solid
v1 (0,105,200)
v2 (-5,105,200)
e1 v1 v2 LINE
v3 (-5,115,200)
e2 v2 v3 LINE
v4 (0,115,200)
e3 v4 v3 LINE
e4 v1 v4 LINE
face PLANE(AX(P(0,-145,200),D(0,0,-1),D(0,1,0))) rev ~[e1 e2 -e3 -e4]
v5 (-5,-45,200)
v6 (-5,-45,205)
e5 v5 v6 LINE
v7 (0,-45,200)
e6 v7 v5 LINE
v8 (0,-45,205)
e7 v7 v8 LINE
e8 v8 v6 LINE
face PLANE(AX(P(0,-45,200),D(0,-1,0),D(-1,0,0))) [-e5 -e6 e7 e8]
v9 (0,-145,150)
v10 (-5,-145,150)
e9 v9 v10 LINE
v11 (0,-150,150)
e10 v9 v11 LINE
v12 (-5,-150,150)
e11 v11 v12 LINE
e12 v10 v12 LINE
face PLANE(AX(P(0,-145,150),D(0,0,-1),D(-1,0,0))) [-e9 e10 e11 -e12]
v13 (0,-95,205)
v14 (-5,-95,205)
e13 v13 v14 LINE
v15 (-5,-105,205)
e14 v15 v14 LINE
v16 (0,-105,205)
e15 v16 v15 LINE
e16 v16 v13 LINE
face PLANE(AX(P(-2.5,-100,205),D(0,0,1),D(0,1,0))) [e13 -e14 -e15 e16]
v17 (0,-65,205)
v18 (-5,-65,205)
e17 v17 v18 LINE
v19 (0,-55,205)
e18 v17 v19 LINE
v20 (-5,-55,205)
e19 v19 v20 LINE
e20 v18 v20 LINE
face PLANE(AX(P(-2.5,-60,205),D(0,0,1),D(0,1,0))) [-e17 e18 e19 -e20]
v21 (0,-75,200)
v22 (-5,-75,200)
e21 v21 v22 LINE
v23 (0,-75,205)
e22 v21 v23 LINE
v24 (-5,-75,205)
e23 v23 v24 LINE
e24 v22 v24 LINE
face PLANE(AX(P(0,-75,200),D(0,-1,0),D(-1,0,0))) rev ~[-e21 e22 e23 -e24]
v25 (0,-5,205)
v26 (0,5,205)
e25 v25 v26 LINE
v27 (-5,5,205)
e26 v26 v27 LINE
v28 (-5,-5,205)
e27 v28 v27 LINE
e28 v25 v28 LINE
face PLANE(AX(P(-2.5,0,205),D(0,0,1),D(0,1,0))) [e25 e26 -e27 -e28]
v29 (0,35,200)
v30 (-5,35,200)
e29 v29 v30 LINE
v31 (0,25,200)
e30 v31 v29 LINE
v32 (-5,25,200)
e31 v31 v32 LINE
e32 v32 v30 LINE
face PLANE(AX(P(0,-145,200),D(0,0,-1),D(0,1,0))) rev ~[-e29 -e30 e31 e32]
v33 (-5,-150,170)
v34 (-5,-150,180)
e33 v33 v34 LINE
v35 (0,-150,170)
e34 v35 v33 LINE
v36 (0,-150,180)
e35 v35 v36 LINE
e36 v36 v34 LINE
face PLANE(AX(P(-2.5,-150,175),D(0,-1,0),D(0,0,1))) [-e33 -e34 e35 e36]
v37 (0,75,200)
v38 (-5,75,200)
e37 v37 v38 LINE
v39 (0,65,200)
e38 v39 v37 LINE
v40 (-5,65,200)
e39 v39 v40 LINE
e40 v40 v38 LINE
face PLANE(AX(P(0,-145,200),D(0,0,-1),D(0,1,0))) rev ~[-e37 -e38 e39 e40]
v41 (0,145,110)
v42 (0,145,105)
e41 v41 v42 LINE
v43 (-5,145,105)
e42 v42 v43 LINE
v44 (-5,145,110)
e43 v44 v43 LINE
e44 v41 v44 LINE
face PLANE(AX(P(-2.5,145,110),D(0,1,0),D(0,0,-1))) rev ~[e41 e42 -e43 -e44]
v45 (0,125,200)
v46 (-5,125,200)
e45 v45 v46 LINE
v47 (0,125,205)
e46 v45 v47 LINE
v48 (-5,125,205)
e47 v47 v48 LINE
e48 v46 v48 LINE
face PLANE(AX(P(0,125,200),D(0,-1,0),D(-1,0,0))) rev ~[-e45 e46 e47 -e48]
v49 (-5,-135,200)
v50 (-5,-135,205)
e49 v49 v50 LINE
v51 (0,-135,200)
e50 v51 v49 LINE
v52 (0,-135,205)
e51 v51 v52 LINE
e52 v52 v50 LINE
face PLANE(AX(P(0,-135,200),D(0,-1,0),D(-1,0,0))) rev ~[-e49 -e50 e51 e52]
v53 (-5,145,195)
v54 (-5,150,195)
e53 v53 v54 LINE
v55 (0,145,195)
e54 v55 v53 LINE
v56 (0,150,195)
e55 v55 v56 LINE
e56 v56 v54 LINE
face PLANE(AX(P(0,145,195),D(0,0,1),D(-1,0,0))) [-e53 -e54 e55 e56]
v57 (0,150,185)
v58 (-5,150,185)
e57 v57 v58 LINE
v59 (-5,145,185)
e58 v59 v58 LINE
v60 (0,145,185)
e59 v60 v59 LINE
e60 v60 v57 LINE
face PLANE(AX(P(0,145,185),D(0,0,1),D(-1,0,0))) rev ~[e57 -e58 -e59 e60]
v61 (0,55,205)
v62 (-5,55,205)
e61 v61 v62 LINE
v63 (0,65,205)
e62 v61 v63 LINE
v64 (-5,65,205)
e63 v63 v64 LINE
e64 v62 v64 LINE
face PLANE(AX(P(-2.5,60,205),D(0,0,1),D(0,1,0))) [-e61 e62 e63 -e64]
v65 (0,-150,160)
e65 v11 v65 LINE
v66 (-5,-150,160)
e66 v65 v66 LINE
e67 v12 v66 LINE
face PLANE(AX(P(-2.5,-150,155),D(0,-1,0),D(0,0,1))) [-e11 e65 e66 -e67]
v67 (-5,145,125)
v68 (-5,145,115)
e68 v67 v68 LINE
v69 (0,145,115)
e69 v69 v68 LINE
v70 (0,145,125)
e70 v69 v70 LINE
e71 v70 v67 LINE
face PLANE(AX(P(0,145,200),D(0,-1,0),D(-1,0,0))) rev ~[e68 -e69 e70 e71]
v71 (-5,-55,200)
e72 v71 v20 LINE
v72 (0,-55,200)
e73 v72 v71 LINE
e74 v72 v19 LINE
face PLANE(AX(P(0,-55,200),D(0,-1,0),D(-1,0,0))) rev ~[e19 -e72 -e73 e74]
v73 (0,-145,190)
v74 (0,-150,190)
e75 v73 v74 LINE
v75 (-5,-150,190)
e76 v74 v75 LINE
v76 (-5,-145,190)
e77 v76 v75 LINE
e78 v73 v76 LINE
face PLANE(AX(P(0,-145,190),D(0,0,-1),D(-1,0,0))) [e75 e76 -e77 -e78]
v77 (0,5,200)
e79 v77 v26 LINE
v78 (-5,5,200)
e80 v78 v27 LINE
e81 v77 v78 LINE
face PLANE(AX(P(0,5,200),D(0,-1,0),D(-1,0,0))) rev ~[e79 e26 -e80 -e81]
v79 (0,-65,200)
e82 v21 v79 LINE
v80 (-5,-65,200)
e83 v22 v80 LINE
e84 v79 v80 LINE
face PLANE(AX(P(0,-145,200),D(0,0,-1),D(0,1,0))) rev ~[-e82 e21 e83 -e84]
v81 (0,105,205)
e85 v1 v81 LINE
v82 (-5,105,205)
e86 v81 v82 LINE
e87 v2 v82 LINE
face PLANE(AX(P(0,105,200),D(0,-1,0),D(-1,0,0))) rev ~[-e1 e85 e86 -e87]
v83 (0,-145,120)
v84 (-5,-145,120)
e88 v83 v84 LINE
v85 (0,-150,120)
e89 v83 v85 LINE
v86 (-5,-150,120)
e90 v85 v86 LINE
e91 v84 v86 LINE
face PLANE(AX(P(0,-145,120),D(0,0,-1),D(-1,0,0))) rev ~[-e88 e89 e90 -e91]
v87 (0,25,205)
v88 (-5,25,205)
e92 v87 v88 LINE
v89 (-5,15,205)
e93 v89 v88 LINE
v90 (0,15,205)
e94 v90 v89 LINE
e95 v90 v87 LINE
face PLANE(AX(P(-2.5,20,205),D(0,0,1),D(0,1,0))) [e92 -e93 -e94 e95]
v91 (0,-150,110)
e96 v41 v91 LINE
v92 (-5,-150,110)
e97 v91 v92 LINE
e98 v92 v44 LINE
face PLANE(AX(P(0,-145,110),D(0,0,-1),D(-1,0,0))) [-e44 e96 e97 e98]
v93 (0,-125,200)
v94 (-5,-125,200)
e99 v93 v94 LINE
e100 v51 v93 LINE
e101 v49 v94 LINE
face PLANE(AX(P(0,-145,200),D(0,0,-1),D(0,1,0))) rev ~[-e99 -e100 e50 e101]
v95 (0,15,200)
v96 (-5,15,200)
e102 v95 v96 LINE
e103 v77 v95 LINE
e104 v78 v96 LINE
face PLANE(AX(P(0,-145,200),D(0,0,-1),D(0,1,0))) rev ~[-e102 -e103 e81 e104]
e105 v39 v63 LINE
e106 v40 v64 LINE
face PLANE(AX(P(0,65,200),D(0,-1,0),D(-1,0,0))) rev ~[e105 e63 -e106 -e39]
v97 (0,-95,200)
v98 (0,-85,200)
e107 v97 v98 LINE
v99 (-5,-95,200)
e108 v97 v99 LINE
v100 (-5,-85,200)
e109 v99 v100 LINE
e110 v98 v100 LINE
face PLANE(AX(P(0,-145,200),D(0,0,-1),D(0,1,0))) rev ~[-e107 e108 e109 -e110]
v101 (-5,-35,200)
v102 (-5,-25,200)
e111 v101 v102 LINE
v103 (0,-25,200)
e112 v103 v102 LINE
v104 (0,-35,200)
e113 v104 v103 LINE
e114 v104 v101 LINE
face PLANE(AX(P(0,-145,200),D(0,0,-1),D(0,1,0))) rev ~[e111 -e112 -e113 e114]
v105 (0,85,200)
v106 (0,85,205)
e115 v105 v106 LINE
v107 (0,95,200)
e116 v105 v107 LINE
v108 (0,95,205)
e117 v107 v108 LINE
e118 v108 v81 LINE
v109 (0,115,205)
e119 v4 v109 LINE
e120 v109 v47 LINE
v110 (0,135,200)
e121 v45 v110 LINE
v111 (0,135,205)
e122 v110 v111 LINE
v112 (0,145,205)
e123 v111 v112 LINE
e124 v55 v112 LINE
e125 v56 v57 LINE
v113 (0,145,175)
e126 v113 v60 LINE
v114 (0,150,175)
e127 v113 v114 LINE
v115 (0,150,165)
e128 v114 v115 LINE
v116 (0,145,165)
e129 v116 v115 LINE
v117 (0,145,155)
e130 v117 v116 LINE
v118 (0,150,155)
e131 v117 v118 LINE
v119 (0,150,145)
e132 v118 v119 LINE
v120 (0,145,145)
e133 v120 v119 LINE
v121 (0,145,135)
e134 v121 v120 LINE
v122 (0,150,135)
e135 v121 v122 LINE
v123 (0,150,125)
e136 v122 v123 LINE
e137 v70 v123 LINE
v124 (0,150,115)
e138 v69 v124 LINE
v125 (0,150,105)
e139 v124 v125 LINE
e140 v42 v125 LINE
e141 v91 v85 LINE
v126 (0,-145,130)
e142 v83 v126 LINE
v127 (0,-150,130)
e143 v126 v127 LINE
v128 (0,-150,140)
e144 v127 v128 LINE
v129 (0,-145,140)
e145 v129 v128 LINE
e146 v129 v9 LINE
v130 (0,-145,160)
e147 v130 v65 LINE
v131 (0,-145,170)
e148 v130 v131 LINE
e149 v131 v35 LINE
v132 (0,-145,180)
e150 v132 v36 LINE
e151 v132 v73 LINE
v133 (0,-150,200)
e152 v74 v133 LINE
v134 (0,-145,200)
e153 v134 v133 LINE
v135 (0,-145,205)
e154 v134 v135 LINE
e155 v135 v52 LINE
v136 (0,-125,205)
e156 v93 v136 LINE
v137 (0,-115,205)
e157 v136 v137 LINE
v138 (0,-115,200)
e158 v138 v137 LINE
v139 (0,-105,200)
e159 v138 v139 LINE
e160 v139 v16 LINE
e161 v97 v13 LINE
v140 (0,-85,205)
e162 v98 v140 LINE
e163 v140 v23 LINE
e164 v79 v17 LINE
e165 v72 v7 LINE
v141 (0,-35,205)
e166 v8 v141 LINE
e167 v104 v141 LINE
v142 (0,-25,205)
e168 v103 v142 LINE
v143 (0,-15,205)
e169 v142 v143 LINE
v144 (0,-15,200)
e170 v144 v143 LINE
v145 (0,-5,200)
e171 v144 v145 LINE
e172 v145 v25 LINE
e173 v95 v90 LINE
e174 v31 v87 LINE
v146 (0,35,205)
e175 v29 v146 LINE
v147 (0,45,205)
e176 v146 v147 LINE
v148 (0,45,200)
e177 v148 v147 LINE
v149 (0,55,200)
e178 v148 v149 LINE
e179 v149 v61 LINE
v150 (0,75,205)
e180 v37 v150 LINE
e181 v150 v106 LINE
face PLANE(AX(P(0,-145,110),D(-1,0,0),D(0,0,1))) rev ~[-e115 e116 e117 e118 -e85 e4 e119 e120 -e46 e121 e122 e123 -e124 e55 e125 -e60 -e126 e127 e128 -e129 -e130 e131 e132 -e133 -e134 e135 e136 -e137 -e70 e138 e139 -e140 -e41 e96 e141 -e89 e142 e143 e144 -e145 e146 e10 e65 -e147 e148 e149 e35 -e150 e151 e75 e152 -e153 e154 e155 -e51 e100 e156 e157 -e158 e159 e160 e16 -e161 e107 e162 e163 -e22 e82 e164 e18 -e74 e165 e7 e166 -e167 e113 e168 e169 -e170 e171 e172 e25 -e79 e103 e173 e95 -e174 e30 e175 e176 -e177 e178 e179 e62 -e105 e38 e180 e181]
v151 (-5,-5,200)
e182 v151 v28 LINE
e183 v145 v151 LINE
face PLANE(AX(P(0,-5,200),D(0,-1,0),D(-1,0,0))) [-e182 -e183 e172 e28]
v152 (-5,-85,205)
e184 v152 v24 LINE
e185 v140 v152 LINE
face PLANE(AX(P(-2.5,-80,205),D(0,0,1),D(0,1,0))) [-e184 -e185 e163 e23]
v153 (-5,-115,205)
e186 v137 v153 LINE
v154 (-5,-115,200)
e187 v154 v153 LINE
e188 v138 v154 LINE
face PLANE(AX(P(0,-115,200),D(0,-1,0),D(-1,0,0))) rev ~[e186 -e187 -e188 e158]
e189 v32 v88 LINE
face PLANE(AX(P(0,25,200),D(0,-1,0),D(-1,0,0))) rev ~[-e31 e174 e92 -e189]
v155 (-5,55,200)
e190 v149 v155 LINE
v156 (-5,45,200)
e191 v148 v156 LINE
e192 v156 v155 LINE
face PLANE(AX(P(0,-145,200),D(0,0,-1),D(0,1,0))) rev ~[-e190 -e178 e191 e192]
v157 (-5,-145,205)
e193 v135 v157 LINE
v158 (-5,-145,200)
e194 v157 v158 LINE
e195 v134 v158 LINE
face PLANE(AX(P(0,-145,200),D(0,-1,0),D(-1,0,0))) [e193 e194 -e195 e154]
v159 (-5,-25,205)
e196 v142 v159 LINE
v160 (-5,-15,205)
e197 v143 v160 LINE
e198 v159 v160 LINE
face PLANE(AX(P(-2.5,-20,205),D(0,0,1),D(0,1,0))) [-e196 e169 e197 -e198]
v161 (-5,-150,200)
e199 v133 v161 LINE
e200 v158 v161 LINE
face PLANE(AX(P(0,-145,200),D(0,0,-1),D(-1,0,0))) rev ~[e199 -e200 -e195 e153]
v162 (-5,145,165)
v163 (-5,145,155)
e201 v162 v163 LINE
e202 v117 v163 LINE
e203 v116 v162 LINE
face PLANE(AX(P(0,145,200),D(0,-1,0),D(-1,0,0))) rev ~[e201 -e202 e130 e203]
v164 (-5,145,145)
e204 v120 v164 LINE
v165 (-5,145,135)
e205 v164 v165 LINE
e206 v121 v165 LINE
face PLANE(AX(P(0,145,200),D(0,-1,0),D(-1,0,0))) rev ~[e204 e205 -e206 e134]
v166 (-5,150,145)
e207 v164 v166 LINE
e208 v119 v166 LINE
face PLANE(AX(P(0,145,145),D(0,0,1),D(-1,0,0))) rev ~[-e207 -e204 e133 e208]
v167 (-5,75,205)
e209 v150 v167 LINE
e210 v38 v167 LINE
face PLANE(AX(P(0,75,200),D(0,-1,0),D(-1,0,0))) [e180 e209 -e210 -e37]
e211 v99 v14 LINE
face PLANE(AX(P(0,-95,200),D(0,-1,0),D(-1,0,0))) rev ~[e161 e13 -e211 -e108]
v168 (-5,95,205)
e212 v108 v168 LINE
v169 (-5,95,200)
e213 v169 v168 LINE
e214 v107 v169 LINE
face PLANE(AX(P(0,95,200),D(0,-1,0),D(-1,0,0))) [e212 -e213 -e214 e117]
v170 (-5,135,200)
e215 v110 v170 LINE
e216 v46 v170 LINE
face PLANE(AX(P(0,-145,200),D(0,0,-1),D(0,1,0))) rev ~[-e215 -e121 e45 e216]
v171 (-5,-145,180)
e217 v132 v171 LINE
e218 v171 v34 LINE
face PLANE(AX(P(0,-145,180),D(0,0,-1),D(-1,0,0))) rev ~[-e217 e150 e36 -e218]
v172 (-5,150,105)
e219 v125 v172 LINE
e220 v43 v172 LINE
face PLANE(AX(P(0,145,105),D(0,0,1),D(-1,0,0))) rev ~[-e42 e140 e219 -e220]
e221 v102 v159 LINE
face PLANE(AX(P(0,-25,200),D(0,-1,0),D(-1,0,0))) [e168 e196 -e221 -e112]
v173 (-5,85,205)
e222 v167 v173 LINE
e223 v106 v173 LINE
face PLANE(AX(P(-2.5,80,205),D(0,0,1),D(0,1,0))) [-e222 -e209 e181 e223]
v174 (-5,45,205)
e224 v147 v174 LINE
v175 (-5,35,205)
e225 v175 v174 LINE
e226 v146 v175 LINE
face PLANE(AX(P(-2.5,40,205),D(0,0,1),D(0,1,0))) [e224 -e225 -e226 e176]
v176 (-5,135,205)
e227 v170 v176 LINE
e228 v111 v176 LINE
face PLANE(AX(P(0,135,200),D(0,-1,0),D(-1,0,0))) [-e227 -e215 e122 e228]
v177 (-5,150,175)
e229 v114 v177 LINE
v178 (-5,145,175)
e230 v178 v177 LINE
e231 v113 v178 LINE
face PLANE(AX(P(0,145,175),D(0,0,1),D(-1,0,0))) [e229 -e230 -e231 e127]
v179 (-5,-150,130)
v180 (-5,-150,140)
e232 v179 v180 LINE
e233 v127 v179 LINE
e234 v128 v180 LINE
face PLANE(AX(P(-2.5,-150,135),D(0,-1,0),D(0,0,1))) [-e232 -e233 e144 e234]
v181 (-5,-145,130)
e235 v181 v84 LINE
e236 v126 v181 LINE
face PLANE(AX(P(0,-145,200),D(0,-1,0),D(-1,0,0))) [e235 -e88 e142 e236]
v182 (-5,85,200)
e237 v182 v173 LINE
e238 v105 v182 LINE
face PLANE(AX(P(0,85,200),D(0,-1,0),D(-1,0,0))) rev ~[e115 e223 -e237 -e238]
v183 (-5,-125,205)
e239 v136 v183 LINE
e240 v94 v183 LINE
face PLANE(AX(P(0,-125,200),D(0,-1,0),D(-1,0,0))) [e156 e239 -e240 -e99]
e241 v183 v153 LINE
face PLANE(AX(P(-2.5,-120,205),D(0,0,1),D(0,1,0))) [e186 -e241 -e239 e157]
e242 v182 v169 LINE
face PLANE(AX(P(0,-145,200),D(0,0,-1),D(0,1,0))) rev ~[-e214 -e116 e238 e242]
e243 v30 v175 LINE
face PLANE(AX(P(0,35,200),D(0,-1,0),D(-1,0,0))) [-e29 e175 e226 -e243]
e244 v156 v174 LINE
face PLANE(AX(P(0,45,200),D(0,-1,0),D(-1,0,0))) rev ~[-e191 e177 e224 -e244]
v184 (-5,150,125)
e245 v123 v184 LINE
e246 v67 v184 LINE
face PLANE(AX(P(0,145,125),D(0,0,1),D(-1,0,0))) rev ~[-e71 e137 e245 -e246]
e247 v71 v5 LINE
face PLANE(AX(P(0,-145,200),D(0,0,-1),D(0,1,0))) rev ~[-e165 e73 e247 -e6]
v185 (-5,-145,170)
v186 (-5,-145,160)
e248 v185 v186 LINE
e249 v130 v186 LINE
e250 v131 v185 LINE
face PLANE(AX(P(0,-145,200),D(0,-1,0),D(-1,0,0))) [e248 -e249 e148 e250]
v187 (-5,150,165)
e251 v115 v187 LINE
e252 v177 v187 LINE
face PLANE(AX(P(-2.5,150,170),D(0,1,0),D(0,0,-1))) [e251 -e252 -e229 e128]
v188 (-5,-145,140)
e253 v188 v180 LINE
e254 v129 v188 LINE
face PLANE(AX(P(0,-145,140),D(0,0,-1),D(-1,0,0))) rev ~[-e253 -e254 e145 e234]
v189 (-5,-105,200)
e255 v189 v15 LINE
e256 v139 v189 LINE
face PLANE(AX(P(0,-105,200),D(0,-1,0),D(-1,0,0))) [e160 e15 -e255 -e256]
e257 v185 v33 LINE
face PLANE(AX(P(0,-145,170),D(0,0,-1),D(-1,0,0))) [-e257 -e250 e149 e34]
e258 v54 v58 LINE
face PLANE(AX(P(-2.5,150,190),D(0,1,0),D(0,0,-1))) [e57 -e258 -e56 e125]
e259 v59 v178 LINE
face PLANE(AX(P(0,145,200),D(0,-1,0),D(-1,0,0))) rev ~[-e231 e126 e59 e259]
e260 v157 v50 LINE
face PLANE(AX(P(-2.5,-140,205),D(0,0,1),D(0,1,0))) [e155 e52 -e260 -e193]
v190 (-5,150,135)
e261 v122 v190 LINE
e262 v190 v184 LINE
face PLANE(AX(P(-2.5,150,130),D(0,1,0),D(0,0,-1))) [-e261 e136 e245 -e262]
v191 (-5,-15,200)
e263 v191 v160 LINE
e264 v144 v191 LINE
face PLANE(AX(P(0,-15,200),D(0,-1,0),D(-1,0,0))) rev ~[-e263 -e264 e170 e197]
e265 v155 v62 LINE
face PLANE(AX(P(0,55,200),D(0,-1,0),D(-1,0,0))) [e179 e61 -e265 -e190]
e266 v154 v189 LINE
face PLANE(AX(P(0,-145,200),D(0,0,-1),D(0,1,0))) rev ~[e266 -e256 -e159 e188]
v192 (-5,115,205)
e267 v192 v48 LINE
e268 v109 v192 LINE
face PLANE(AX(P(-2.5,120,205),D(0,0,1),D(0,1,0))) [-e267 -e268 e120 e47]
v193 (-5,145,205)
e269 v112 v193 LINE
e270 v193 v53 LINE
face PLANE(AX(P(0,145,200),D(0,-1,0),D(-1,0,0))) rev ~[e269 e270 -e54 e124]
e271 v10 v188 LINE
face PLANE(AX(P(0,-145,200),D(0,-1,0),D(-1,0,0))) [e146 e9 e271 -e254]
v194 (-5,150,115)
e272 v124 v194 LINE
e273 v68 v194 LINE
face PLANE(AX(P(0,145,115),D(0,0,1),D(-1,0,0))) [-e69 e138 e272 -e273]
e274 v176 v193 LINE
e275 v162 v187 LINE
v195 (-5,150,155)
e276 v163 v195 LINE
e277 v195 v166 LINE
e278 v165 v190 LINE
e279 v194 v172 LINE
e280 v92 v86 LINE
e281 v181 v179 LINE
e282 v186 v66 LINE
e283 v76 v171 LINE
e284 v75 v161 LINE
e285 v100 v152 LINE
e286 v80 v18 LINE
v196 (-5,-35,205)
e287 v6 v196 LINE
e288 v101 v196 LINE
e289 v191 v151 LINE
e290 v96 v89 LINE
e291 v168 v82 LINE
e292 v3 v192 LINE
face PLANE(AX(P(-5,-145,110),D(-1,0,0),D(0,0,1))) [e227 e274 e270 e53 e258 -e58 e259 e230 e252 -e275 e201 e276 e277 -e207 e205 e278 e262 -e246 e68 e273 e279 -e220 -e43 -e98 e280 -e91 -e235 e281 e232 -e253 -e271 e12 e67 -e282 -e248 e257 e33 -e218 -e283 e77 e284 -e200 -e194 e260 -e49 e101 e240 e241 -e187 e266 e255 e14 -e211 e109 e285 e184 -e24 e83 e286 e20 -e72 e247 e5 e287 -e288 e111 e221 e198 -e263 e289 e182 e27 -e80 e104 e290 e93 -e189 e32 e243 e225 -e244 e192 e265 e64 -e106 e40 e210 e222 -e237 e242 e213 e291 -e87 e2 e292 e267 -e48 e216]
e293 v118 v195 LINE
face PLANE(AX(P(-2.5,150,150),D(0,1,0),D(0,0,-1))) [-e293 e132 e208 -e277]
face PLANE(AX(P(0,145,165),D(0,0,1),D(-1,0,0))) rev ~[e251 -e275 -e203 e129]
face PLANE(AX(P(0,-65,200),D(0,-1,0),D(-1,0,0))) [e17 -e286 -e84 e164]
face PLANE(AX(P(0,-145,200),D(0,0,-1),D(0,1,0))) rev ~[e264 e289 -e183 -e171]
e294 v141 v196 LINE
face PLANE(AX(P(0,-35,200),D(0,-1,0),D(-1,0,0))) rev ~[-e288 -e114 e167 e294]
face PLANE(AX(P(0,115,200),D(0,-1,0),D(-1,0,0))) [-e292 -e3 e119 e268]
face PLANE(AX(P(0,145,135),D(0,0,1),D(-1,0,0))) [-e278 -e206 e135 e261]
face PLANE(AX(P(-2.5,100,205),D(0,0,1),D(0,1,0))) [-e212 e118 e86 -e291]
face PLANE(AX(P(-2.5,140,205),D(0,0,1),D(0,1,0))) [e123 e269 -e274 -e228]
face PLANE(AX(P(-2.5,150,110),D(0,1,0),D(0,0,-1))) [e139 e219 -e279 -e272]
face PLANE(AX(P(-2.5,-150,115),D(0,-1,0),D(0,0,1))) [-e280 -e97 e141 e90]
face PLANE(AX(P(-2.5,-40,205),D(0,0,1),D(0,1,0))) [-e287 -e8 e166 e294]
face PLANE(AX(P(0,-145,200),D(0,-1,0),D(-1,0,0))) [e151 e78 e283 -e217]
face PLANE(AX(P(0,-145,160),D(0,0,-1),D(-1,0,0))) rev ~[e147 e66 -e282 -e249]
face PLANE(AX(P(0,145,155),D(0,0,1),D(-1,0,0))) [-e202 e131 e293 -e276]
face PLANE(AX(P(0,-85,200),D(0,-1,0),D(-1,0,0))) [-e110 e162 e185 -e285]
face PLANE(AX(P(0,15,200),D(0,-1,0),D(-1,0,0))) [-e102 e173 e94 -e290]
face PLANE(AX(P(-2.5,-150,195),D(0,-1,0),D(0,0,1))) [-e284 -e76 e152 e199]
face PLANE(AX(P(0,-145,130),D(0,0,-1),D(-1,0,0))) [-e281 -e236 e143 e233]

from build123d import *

# Parameters (mm, degrees)
SKETCH012_W             = 90
SKETCH012_H             = 290
PAD010_DEPTH            = 5
SKETCH042_W             = 10
SKETCH042_H             = 5
PAD031_DEPTH            = 5
LINEARPATTERN022_COUNT  = 15
LINEARPATTERN022_PITCH  = 20
SKETCH043_W             = 10
SKETCH043_H             = 5
PAD032_DEPTH            = 5
LINEARPATTERN023_COUNT  = 5
LINEARPATTERN023_PITCH  = 20
SKETCH044_W             = 10
SKETCH044_H             = 5
PAD033_DEPTH            = 5
LINEARPATTERN024_COUNT  = 5
LINEARPATTERN024_PITCH  = 20
BODY010_PLACEMENT_ANGLE = 90


with BuildPart() as part:
    # Sketch012 → Pad010 (new body)
    with BuildSketch(Plane.XY):
        Rectangle(SKETCH012_W, SKETCH012_H)
    extrude(amount=PAD010_DEPTH)

    # Sketch042 (on DatumPlane) → Pad031 (join)
    with BuildSketch(Plane.YZ.offset(45)):
        with Locations((-140, 2.5)):
            Rectangle(SKETCH042_W, SKETCH042_H)
    pad031 = extrude(amount=PAD031_DEPTH)

    # LinearPattern022: Pad031 ×15
    with Locations(*[(0, i * LINEARPATTERN022_PITCH, 0) for i in range(1, LINEARPATTERN022_COUNT)]):
        add(pad031)

    # Sketch043 (on DatumPlane) → Pad032 (join)
    with BuildSketch(Plane(origin=(0, 145, 0), x_dir=(-1, 0, 0), z_dir=(0, 1, 0))):
        with Locations((-35, 2.5)):
            Rectangle(SKETCH043_W, SKETCH043_H)
    pad032 = extrude(amount=PAD032_DEPTH)

    # LinearPattern023: Pad032 ×5
    with Locations(*[(-i * LINEARPATTERN023_PITCH, 0, 0) for i in range(1, LINEARPATTERN023_COUNT)]):
        add(pad032)

    # Sketch044 (on DatumPlane) → Pad033 (join)
    with BuildSketch(Plane.XZ.offset(145)):
        with Locations((-40, 2.5)):
            Rectangle(SKETCH044_W, SKETCH044_H)
    pad033 = extrude(amount=PAD033_DEPTH)

    # LinearPattern024: Pad033 ×5
    with Locations(*[(i * LINEARPATTERN024_PITCH, 0, 0) for i in range(1, LINEARPATTERN024_COUNT)]):
        add(pad033)


with BuildPart() as part_1:
    # Body010 placement: moved
    add(part.part.moved(Location((0, 0, 155))).rotate(Axis((0, 0, 155), (0, -1, 0)), BODY010_PLACEMENT_ANGLE))


solid = part_1.part
